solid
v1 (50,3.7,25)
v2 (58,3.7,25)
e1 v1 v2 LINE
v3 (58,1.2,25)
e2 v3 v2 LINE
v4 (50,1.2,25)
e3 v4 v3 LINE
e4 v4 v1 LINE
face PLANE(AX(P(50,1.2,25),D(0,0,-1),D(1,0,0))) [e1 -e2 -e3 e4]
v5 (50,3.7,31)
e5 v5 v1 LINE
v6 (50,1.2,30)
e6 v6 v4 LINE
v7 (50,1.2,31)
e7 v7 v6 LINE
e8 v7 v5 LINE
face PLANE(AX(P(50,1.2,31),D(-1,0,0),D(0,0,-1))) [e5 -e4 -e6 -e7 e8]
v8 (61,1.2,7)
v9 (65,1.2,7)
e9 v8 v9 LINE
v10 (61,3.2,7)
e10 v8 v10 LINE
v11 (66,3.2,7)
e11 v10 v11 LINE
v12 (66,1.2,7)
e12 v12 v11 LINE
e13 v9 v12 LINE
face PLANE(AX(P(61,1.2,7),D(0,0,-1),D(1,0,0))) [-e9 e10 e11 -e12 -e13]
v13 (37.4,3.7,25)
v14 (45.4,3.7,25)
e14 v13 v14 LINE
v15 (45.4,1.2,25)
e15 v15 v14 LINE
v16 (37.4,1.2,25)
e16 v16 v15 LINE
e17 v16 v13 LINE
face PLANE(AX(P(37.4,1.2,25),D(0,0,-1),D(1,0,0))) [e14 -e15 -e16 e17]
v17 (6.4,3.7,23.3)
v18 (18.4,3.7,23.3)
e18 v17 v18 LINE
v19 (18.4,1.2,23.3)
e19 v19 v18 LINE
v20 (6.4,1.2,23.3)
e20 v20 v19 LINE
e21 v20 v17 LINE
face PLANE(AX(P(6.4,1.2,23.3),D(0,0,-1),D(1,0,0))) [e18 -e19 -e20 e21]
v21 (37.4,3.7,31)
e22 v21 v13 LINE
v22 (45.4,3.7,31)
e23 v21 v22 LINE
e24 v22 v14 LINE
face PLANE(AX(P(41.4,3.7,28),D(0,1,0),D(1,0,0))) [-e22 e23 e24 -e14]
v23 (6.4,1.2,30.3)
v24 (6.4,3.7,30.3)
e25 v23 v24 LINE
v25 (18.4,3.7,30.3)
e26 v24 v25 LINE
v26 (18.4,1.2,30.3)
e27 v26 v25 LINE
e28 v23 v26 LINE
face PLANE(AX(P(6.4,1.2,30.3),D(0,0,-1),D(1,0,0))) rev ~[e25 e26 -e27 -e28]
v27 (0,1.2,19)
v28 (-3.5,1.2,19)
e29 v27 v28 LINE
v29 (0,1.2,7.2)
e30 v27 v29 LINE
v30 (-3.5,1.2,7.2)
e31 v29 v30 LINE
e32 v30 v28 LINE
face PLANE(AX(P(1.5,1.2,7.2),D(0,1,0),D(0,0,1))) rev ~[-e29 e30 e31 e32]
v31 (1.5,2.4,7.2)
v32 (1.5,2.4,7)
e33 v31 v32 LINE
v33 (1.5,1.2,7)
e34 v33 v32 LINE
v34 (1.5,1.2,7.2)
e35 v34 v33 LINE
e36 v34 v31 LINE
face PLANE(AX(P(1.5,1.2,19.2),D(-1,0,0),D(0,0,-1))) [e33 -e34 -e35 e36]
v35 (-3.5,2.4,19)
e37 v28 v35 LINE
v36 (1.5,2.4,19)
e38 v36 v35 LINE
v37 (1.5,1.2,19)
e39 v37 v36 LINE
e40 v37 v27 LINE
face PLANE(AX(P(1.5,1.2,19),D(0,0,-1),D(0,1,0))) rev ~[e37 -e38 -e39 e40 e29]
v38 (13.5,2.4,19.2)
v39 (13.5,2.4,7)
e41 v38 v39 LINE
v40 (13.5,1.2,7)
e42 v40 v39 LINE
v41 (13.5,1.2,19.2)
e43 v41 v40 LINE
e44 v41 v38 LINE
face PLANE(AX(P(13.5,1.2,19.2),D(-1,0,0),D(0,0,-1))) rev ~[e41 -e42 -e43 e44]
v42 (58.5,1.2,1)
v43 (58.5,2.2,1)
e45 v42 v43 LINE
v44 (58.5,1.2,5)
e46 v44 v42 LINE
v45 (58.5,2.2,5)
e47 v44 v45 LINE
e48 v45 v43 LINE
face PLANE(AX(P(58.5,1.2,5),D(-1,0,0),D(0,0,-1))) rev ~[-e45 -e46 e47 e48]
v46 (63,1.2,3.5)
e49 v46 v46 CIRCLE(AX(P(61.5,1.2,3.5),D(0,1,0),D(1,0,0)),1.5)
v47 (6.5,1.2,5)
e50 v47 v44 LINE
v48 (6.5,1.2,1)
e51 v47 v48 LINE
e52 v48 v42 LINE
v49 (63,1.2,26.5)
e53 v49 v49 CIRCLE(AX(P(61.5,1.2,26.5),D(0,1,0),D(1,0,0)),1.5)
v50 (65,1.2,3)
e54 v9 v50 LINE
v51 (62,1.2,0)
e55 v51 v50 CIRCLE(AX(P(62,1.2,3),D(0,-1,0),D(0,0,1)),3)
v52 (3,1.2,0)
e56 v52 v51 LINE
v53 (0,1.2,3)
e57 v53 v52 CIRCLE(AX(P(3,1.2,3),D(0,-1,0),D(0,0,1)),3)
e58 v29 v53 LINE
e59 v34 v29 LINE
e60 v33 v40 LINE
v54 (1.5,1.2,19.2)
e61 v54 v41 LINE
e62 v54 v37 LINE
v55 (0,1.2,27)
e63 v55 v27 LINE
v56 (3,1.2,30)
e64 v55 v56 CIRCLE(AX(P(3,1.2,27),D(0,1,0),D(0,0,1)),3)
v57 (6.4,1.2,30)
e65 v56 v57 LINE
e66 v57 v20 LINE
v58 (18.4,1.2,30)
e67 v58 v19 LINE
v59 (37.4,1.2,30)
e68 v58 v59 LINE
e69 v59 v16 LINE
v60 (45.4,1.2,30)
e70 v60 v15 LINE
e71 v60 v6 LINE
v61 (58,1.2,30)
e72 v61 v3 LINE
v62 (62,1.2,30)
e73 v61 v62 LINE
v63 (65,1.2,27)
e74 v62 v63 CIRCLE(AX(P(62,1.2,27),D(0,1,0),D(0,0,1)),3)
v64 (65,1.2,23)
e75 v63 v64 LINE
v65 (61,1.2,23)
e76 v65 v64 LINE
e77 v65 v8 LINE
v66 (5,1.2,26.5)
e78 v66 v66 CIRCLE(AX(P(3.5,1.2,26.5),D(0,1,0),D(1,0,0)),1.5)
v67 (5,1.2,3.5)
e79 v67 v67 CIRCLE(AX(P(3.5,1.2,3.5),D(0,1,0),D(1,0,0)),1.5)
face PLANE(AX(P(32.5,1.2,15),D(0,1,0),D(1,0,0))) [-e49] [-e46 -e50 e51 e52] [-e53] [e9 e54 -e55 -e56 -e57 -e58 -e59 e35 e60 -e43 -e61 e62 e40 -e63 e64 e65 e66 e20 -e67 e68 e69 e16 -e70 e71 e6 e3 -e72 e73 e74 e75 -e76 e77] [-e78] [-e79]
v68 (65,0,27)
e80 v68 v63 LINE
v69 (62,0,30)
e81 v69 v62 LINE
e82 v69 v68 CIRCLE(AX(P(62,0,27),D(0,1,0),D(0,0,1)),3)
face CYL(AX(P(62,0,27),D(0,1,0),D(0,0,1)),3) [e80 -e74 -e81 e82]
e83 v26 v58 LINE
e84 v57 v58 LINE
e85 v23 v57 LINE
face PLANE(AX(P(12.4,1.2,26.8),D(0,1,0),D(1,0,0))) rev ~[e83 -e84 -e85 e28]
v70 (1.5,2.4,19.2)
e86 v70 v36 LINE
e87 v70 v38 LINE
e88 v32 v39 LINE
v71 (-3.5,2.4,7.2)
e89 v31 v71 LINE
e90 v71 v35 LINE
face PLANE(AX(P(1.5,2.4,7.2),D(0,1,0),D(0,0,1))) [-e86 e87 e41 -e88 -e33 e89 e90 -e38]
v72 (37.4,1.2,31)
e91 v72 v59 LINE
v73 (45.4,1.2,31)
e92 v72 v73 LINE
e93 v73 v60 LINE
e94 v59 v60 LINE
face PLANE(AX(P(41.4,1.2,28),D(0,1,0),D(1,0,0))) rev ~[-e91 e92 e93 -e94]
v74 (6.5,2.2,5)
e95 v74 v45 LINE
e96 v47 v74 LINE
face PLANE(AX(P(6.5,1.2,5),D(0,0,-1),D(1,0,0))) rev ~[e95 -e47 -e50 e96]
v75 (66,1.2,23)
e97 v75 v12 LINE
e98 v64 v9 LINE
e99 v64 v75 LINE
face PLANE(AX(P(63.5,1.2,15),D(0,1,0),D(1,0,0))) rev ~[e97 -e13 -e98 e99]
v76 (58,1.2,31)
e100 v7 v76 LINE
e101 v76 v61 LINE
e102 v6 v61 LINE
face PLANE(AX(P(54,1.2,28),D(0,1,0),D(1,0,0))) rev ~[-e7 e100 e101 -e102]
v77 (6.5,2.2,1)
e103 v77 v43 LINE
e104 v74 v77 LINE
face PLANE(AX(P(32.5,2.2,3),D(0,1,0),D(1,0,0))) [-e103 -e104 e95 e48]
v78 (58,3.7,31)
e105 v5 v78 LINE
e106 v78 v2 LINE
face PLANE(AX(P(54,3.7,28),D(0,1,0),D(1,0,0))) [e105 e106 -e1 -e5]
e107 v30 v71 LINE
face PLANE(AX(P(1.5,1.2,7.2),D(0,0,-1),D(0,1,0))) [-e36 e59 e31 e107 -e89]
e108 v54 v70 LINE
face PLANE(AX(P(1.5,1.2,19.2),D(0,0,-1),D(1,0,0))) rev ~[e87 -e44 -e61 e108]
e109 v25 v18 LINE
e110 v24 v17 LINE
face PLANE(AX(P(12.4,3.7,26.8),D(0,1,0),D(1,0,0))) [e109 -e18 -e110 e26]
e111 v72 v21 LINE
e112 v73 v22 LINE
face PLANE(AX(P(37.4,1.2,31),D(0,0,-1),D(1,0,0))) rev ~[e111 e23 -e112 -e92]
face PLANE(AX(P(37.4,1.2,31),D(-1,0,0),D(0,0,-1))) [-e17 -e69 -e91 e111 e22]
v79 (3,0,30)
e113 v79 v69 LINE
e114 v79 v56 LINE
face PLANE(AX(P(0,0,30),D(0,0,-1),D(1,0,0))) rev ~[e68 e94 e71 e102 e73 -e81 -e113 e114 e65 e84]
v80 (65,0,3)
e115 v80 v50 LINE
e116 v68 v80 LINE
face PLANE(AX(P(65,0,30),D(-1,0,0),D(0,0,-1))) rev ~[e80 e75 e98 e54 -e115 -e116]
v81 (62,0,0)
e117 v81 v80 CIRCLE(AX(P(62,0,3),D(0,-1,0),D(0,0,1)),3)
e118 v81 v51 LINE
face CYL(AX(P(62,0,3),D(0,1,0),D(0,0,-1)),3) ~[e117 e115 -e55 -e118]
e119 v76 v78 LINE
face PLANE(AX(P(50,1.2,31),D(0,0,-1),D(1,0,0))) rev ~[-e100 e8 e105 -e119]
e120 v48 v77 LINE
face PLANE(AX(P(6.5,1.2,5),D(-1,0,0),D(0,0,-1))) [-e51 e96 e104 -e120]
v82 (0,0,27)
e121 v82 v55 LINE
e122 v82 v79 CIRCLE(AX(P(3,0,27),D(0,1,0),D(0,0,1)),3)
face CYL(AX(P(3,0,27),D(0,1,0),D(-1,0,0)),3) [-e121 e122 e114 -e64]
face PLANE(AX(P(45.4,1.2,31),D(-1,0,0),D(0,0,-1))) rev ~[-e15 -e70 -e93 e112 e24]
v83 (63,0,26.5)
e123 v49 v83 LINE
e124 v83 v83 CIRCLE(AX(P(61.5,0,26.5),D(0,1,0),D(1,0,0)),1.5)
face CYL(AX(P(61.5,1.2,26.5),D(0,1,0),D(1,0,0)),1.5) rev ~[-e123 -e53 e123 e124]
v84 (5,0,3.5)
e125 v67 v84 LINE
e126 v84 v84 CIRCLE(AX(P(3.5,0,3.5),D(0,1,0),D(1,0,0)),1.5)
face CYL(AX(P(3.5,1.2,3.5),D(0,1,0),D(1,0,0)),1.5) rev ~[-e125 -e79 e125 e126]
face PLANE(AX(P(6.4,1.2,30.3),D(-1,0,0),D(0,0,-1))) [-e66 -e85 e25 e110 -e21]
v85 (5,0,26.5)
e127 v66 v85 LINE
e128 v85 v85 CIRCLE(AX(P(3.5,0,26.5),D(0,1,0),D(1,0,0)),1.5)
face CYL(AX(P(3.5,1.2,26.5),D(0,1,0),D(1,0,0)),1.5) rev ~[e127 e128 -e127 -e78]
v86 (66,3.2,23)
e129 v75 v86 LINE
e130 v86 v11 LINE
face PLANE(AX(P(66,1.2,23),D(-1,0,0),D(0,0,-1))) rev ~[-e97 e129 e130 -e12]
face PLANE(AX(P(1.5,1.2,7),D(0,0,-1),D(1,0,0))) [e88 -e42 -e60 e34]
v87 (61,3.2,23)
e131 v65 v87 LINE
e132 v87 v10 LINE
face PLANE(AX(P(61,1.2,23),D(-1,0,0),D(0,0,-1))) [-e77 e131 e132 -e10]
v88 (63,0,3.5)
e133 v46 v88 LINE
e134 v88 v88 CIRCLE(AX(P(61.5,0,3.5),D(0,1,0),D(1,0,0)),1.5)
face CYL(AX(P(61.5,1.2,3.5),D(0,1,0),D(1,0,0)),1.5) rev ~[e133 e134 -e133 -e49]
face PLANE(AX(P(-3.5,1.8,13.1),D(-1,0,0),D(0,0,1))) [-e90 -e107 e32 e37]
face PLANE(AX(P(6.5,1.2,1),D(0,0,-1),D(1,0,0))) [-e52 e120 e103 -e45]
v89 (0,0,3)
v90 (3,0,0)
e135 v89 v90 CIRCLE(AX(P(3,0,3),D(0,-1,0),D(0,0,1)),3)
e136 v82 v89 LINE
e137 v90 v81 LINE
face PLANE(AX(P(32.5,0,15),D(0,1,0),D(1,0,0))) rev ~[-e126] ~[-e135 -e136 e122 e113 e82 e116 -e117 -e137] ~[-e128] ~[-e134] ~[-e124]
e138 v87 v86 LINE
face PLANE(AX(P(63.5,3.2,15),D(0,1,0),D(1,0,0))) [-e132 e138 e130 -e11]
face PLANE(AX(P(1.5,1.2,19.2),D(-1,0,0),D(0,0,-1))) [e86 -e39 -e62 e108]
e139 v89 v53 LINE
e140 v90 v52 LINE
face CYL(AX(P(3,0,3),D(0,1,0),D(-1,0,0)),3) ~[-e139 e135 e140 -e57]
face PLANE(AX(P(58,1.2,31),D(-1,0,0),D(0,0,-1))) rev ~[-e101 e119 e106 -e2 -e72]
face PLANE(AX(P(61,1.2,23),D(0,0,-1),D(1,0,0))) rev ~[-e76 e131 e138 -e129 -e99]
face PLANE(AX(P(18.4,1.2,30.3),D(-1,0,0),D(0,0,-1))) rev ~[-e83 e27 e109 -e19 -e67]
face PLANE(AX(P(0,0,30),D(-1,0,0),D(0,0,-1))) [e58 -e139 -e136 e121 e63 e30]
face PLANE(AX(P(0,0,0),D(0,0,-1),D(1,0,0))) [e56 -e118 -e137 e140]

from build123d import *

# Parameters (mm, degrees)
SKETCH1_W           = 65
SKETCH1_H           = 30
BOSS_EXTRUDE1_DEPTH = 1.2
SKETCH2_R           = 1.5
CUT_EXTRUDE1_DEPTH  = 2.2
FILLET1_R           = 3
SKETCH3_W           = 12
SKETCH3_H           = 12.2
BOSS_EXTRUDE2_DEPTH = 1.2
SKETCH4_W           = 11.8
SKETCH4_H           = 1.2
BOSS_EXTRUDE3_DEPTH = 5
SKETCH5_W           = 12
SKETCH5_H           = 7
BOSS_EXTRUDE4_DEPTH = 2.5
SKETCH6_W           = 8
SKETCH6_H           = 6
BOSS_EXTRUDE5_DEPTH = 2.5
SKETCH7_W           = 5
SKETCH7_H           = 16
BOSS_EXTRUDE6_DEPTH = 2
SKETCH8_W           = 52
SKETCH8_H           = 4
BOSS_EXTRUDE7_DEPTH = 1


with BuildPart() as part:
    # Sketch1 → Boss-Extrude1 (new body)
    with BuildSketch(Plane(origin=(0, 0, 0), x_dir=(1, 0, 0), z_dir=(0, 1, 0))):
        with Locations((32.5, -15)):
            Rectangle(SKETCH1_W, SKETCH1_H)
    extrude(amount=BOSS_EXTRUDE1_DEPTH)

    # Sketch2 → Cut-Extrude1 (cut, through all)
    with BuildSketch(Plane(origin=(0, 1.2, 0), x_dir=(1, 0, 0), z_dir=(0, 1, 0))):
        with Locations((3.5, -26.5)):
            Circle(SKETCH2_R)
        with Locations((61.5, -26.5)):
            Circle(SKETCH2_R)
        with Locations((61.5, -3.5)):
            Circle(SKETCH2_R)
        with Locations((3.5, -3.5)):
            Circle(SKETCH2_R)
    extrude(amount=-CUT_EXTRUDE1_DEPTH, mode=Mode.SUBTRACT)

    # Fillet1
    fillet1_edges = [part.edges().sort_by_distance(p)[0] for p in [
        (0, 0.6, 0),
        (65, 0.6, 0),
        (65, 0.6, 30),
        (0, 0.6, 30),
    ]]
    fillet(fillet1_edges, radius=FILLET1_R)

    # Sketch3 → Boss-Extrude2 (add)
    with BuildSketch(Plane(origin=(0, 1.2, 0), x_dir=(1, 0, 0), z_dir=(0, 1, 0))):
        with Locations((7.5, -13.1)):
            Rectangle(SKETCH3_W, SKETCH3_H)
    extrude(amount=BOSS_EXTRUDE2_DEPTH)

    # Sketch4 → Boss-Extrude3 (add)
    with BuildSketch(Plane.ZY.offset(-1.5)):
        with Locations((13.1, 1.8)):
            Rectangle(SKETCH4_W, SKETCH4_H)
    extrude(amount=BOSS_EXTRUDE3_DEPTH)

    # Sketch5 → Boss-Extrude4 (add)
    with BuildSketch(Plane(origin=(0, 1.2, 0), x_dir=(1, 0, 0), z_dir=(0, 1, 0))):
        with Locations((12.4, -26.8)):
            Rectangle(SKETCH5_W, SKETCH5_H)
    extrude(amount=BOSS_EXTRUDE4_DEPTH)

    # Sketch6 → Boss-Extrude5 (add)
    with BuildSketch(Plane(origin=(0, 1.2, 0), x_dir=(1, 0, 0), z_dir=(0, 1, 0))):
        with Locations((41.4, -28)):
            Rectangle(SKETCH6_W, SKETCH6_H)
        with Locations((54, -28)):
            Rectangle(SKETCH6_W, SKETCH6_H)
    extrude(amount=BOSS_EXTRUDE5_DEPTH)

    # Sketch7 → Boss-Extrude6 (add)
    with BuildSketch(Plane(origin=(0, 1.2, 0), x_dir=(1, 0, 0), z_dir=(0, 1, 0))):
        with Locations((63.5, -15)):
            Rectangle(SKETCH7_W, SKETCH7_H)
    extrude(amount=BOSS_EXTRUDE6_DEPTH)

    # Sketch8 → Boss-Extrude7 (add)
    with BuildSketch(Plane(origin=(0, 1.2, 0), x_dir=(1, 0, 0), z_dir=(0, 1, 0))):
        with Locations((32.5, -3)):
            Rectangle(SKETCH8_W, SKETCH8_H)
    extrude(amount=BOSS_EXTRUDE7_DEPTH)


solid = part.part
